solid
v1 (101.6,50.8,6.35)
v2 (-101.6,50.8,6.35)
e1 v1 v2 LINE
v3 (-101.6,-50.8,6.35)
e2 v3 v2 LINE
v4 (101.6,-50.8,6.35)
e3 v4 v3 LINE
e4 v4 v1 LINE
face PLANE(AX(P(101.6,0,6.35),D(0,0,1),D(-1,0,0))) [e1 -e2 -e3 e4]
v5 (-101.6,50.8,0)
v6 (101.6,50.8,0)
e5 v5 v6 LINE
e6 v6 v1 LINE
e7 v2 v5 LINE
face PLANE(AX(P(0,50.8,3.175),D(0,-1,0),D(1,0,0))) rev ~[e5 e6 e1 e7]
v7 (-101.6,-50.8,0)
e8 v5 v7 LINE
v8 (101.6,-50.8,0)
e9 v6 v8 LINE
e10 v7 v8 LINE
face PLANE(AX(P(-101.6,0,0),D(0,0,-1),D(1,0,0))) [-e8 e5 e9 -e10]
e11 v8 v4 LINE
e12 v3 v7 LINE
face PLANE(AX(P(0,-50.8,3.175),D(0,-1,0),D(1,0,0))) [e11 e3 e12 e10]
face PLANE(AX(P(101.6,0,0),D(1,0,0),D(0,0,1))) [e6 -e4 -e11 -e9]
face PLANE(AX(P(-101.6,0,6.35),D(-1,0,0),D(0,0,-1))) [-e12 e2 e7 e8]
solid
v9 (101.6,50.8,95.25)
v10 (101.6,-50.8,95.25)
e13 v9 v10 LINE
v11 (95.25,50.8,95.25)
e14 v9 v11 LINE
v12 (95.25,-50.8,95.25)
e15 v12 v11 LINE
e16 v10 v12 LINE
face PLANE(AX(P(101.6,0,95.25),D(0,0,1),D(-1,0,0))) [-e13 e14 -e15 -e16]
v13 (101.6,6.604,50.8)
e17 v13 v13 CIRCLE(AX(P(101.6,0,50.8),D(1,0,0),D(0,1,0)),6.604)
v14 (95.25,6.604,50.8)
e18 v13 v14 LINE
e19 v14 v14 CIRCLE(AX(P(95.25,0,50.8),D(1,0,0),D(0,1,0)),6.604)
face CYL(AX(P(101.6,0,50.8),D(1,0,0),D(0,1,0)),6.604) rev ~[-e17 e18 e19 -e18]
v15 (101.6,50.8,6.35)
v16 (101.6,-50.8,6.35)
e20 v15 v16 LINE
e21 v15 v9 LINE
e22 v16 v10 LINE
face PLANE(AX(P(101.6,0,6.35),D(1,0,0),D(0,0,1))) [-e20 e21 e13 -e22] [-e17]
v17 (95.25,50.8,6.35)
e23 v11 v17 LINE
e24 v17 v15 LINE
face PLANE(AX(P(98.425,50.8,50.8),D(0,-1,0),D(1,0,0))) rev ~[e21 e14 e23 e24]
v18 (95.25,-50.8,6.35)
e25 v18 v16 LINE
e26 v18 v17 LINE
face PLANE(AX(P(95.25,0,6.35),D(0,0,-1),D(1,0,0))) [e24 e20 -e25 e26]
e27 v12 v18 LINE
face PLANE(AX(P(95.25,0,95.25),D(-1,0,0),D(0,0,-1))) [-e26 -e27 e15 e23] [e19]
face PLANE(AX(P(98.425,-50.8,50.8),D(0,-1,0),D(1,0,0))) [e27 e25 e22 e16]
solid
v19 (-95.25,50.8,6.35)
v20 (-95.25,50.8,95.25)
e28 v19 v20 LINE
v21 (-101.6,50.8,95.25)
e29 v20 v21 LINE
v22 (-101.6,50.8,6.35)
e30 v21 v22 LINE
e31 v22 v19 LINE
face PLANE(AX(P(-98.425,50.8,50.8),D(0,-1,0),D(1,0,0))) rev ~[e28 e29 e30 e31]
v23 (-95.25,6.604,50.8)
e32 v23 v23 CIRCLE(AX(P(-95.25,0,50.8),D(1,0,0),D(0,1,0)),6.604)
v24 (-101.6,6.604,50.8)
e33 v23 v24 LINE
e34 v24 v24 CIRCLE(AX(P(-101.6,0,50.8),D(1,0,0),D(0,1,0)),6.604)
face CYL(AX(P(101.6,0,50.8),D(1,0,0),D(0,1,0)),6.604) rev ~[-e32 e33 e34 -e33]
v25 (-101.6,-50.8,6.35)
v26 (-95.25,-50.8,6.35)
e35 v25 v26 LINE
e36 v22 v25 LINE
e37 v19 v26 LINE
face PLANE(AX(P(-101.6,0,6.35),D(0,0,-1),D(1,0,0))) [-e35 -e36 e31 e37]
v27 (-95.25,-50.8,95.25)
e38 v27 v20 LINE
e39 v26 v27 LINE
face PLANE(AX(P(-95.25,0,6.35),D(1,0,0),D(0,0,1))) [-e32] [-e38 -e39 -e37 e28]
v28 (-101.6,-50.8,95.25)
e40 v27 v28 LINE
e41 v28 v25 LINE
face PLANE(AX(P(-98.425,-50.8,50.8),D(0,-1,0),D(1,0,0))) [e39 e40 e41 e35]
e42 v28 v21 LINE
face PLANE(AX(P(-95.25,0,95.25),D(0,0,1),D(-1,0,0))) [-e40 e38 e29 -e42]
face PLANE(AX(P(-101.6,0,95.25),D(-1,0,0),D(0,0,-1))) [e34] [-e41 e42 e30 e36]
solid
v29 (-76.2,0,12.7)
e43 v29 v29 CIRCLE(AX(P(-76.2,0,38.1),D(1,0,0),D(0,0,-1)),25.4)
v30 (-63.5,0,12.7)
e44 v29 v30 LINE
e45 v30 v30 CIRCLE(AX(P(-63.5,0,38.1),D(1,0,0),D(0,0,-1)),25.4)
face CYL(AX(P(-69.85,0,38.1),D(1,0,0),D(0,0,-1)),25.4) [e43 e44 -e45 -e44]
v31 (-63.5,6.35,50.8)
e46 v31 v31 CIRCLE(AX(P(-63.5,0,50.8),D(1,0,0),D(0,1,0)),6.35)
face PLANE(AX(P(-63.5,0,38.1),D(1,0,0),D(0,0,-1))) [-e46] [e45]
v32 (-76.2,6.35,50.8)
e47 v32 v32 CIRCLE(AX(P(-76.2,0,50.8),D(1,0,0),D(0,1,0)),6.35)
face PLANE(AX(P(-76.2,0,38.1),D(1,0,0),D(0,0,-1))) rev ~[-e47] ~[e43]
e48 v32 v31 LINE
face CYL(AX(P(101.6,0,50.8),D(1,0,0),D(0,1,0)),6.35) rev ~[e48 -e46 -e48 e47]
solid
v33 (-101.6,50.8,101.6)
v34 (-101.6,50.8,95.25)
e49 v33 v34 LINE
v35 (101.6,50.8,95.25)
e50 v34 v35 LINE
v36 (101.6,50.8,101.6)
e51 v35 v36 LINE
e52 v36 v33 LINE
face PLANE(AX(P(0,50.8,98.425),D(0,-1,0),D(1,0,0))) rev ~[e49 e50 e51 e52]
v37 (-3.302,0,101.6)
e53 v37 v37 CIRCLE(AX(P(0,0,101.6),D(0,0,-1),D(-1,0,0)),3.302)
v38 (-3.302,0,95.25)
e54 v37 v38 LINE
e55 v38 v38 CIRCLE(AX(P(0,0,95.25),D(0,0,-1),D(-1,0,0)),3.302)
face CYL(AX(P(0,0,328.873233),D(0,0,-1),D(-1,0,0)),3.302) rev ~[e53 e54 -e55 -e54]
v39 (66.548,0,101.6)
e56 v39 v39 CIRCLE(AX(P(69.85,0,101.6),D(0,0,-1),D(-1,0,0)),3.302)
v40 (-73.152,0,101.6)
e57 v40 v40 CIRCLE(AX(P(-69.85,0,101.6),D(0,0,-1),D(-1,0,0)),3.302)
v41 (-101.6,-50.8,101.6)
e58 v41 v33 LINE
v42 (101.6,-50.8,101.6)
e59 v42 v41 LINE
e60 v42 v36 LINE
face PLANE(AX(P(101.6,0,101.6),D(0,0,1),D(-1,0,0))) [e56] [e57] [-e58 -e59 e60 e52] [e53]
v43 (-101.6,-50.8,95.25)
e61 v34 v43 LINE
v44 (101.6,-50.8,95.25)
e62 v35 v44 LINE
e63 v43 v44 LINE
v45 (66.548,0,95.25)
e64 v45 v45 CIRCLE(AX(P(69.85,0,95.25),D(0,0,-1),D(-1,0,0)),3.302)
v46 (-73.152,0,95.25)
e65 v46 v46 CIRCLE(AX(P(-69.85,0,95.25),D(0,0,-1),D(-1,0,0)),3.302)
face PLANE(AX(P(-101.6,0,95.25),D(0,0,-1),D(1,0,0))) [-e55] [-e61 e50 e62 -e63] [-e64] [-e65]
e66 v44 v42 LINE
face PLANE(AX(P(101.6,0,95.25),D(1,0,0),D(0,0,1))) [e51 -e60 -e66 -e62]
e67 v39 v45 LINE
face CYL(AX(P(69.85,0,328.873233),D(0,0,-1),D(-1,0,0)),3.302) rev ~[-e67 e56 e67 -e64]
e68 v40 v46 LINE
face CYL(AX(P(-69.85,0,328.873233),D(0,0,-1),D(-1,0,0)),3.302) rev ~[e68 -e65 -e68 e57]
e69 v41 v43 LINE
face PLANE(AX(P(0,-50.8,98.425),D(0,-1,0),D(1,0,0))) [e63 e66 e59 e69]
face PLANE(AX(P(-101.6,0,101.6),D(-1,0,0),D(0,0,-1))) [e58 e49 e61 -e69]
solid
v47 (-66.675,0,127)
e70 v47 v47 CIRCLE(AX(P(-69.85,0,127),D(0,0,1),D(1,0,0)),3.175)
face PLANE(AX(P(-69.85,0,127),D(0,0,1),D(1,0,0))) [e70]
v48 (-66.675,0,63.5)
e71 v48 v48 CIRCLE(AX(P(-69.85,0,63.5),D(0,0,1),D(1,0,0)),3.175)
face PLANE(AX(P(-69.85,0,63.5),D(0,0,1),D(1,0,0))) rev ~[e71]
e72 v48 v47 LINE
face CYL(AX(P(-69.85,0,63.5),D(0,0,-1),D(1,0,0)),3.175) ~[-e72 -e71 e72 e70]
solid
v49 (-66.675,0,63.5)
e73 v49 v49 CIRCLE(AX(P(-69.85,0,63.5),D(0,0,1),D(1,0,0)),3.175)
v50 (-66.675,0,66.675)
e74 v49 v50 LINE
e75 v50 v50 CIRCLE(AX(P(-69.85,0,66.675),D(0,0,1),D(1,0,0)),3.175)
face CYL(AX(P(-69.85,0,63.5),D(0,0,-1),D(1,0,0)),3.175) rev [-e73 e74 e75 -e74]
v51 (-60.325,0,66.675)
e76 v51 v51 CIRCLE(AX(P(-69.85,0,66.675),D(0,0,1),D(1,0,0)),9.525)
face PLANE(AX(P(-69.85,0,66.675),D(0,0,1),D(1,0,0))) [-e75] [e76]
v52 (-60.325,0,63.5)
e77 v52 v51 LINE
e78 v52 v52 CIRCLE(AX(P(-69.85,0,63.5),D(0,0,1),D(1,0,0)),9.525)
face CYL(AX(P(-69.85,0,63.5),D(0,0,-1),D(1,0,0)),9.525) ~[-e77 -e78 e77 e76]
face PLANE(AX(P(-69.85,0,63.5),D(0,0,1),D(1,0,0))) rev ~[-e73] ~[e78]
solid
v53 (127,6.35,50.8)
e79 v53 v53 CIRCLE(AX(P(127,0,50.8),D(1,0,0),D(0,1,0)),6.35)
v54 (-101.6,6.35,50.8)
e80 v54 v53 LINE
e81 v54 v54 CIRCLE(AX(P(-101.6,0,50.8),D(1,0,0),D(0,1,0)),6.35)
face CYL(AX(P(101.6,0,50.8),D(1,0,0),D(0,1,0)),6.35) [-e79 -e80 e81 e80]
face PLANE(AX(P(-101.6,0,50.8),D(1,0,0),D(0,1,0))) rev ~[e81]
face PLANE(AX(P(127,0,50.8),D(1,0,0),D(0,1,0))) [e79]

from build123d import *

# Parameters (mm, degrees)
F1_DEPTH      = 50.8
F2_DEPTH      = 50.8
F2_DEPTH_BACK = 50.8
F3_R          = 6.604
F3_R_2        = 6.35
F4_DEPTH      = 203.201
F5_DEPTH      = 25.4
F5_DEPTH_BACK = 203.2
F0_W          = 12.7
F0_H          = 25.4
F9_D          = 6.604
F11_R         = 3.175
F12_DEPTH     = 63.5
F11_R_2       = 9.525
F13_DEPTH     = 3.175


with BuildPart() as f1:
    # F0 (on Front) → F1 (new body, symmetric)
    with BuildSketch(Plane.XZ):
        Polygon((-95.25, 6.35), (-101.6, 6.35), (-101.6, 0), (101.6, 0), (101.6, 6.35), (95.25, 6.35), align=None)
    extrude(amount=F1_DEPTH, both=True)


with BuildPart() as f1b:
    # F0 (on Front) → F1, piece 2 (new body, symmetric)
    with BuildSketch(Plane.XZ):
        Polygon((-101.6, 101.6), (-101.6, 95.25), (-95.25, 95.25), (95.25, 95.25), (101.6, 95.25), (101.6, 101.6), align=None)
    extrude(amount=F1_DEPTH, both=True)

    # F9 (through all)
    with Locations(Plane.XY.offset(101.6)):
        with Locations((-69.85, 0), (69.85, 0), (0, 0)):
            Hole(F9_D / 2)


with BuildPart() as f2:
    # F0 (on Front) → F2 (new body, two sides)
    with BuildSketch(Plane.XZ) as f2_sk:
        Polygon((-101.6, 95.25), (-101.6, 6.35), (-95.25, 6.35), (-95.25, 50.8), (-95.25, 95.25), align=None)
    extrude(amount=F2_DEPTH)
    extrude(f2_sk.sketch, amount=-F2_DEPTH_BACK)


with BuildPart() as f2b:
    # F0 (on Front) → F2, piece 2 (new body, two sides)
    with BuildSketch(Plane.XZ) as f2_2_sk:
        Polygon((95.25, 50.8), (95.25, 6.35), (101.6, 6.35), (101.6, 95.25), (95.25, 95.25), align=None)
    extrude(amount=F2_DEPTH)
    extrude(f2_2_sk.sketch, amount=-F2_DEPTH_BACK)


with BuildPart() as f4_tool:
    # F3 (on face) → F4 (new body, through all)
    with BuildSketch(Plane.YZ.offset(101.6)):
        with Locations((0, 50.8)):
            Circle(F3_R)
        with Locations((0, 50.8)):
            Circle(F3_R_2, mode=Mode.SUBTRACT)
        with Locations((0, 50.8)):
            Circle(F3_R_2)
    extrude(amount=-F4_DEPTH)


with BuildPart() as f2_1:
    add(f2.part)

    # F4: cut by f4_tool
    add(f4_tool.part, mode=Mode.SUBTRACT)


with BuildPart() as f2b_1:
    add(f2b.part)

    # F4: cut by f4_tool
    add(f4_tool.part, mode=Mode.SUBTRACT)


with BuildPart() as f5:
    # F3 (on face) → F5 (new body, two sides)
    with BuildSketch(Plane.YZ.offset(101.6)) as f5_sk:
        with Locations((0, 50.8)):
            Circle(F3_R_2)
    extrude(amount=F5_DEPTH)
    extrude(f5_sk.sketch, amount=-F5_DEPTH_BACK)


with BuildPart() as f6:
    # F0 (on Front) → F6 (revolve)
    with BuildSketch(Plane.XZ):
        with Locations((-69.85, 25.4)):
            Rectangle(F0_W, F0_H)
    revolve(axis=Axis((-69.85, 0, 38.1), (1, 0, 0)))

    # F7: cut F5
    add(f5.part, mode=Mode.SUBTRACT)


with BuildPart() as f12:
    # F11 (on plane+point) → F12 (new body, through all)
    with BuildSketch(Plane.XY.offset(63.5)):
        with Locations((-69.85, 0)):
            Circle(F11_R)
    extrude(amount=F12_DEPTH)


with BuildPart() as f13:
    # F11 (on plane+point) → F13 (new body)
    with BuildSketch(Plane.XY.offset(63.5)):
        with Locations((-69.85, 0)):
            Circle(F11_R_2)
        with Locations((-69.85, 0)):
            Circle(F11_R, mode=Mode.SUBTRACT)
    extrude(amount=F13_DEPTH)


solid = Compound([f1.part, f1b.part, f2_1.part, f2b_1.part, f5.part, f6.part, f12.part, f13.part])
